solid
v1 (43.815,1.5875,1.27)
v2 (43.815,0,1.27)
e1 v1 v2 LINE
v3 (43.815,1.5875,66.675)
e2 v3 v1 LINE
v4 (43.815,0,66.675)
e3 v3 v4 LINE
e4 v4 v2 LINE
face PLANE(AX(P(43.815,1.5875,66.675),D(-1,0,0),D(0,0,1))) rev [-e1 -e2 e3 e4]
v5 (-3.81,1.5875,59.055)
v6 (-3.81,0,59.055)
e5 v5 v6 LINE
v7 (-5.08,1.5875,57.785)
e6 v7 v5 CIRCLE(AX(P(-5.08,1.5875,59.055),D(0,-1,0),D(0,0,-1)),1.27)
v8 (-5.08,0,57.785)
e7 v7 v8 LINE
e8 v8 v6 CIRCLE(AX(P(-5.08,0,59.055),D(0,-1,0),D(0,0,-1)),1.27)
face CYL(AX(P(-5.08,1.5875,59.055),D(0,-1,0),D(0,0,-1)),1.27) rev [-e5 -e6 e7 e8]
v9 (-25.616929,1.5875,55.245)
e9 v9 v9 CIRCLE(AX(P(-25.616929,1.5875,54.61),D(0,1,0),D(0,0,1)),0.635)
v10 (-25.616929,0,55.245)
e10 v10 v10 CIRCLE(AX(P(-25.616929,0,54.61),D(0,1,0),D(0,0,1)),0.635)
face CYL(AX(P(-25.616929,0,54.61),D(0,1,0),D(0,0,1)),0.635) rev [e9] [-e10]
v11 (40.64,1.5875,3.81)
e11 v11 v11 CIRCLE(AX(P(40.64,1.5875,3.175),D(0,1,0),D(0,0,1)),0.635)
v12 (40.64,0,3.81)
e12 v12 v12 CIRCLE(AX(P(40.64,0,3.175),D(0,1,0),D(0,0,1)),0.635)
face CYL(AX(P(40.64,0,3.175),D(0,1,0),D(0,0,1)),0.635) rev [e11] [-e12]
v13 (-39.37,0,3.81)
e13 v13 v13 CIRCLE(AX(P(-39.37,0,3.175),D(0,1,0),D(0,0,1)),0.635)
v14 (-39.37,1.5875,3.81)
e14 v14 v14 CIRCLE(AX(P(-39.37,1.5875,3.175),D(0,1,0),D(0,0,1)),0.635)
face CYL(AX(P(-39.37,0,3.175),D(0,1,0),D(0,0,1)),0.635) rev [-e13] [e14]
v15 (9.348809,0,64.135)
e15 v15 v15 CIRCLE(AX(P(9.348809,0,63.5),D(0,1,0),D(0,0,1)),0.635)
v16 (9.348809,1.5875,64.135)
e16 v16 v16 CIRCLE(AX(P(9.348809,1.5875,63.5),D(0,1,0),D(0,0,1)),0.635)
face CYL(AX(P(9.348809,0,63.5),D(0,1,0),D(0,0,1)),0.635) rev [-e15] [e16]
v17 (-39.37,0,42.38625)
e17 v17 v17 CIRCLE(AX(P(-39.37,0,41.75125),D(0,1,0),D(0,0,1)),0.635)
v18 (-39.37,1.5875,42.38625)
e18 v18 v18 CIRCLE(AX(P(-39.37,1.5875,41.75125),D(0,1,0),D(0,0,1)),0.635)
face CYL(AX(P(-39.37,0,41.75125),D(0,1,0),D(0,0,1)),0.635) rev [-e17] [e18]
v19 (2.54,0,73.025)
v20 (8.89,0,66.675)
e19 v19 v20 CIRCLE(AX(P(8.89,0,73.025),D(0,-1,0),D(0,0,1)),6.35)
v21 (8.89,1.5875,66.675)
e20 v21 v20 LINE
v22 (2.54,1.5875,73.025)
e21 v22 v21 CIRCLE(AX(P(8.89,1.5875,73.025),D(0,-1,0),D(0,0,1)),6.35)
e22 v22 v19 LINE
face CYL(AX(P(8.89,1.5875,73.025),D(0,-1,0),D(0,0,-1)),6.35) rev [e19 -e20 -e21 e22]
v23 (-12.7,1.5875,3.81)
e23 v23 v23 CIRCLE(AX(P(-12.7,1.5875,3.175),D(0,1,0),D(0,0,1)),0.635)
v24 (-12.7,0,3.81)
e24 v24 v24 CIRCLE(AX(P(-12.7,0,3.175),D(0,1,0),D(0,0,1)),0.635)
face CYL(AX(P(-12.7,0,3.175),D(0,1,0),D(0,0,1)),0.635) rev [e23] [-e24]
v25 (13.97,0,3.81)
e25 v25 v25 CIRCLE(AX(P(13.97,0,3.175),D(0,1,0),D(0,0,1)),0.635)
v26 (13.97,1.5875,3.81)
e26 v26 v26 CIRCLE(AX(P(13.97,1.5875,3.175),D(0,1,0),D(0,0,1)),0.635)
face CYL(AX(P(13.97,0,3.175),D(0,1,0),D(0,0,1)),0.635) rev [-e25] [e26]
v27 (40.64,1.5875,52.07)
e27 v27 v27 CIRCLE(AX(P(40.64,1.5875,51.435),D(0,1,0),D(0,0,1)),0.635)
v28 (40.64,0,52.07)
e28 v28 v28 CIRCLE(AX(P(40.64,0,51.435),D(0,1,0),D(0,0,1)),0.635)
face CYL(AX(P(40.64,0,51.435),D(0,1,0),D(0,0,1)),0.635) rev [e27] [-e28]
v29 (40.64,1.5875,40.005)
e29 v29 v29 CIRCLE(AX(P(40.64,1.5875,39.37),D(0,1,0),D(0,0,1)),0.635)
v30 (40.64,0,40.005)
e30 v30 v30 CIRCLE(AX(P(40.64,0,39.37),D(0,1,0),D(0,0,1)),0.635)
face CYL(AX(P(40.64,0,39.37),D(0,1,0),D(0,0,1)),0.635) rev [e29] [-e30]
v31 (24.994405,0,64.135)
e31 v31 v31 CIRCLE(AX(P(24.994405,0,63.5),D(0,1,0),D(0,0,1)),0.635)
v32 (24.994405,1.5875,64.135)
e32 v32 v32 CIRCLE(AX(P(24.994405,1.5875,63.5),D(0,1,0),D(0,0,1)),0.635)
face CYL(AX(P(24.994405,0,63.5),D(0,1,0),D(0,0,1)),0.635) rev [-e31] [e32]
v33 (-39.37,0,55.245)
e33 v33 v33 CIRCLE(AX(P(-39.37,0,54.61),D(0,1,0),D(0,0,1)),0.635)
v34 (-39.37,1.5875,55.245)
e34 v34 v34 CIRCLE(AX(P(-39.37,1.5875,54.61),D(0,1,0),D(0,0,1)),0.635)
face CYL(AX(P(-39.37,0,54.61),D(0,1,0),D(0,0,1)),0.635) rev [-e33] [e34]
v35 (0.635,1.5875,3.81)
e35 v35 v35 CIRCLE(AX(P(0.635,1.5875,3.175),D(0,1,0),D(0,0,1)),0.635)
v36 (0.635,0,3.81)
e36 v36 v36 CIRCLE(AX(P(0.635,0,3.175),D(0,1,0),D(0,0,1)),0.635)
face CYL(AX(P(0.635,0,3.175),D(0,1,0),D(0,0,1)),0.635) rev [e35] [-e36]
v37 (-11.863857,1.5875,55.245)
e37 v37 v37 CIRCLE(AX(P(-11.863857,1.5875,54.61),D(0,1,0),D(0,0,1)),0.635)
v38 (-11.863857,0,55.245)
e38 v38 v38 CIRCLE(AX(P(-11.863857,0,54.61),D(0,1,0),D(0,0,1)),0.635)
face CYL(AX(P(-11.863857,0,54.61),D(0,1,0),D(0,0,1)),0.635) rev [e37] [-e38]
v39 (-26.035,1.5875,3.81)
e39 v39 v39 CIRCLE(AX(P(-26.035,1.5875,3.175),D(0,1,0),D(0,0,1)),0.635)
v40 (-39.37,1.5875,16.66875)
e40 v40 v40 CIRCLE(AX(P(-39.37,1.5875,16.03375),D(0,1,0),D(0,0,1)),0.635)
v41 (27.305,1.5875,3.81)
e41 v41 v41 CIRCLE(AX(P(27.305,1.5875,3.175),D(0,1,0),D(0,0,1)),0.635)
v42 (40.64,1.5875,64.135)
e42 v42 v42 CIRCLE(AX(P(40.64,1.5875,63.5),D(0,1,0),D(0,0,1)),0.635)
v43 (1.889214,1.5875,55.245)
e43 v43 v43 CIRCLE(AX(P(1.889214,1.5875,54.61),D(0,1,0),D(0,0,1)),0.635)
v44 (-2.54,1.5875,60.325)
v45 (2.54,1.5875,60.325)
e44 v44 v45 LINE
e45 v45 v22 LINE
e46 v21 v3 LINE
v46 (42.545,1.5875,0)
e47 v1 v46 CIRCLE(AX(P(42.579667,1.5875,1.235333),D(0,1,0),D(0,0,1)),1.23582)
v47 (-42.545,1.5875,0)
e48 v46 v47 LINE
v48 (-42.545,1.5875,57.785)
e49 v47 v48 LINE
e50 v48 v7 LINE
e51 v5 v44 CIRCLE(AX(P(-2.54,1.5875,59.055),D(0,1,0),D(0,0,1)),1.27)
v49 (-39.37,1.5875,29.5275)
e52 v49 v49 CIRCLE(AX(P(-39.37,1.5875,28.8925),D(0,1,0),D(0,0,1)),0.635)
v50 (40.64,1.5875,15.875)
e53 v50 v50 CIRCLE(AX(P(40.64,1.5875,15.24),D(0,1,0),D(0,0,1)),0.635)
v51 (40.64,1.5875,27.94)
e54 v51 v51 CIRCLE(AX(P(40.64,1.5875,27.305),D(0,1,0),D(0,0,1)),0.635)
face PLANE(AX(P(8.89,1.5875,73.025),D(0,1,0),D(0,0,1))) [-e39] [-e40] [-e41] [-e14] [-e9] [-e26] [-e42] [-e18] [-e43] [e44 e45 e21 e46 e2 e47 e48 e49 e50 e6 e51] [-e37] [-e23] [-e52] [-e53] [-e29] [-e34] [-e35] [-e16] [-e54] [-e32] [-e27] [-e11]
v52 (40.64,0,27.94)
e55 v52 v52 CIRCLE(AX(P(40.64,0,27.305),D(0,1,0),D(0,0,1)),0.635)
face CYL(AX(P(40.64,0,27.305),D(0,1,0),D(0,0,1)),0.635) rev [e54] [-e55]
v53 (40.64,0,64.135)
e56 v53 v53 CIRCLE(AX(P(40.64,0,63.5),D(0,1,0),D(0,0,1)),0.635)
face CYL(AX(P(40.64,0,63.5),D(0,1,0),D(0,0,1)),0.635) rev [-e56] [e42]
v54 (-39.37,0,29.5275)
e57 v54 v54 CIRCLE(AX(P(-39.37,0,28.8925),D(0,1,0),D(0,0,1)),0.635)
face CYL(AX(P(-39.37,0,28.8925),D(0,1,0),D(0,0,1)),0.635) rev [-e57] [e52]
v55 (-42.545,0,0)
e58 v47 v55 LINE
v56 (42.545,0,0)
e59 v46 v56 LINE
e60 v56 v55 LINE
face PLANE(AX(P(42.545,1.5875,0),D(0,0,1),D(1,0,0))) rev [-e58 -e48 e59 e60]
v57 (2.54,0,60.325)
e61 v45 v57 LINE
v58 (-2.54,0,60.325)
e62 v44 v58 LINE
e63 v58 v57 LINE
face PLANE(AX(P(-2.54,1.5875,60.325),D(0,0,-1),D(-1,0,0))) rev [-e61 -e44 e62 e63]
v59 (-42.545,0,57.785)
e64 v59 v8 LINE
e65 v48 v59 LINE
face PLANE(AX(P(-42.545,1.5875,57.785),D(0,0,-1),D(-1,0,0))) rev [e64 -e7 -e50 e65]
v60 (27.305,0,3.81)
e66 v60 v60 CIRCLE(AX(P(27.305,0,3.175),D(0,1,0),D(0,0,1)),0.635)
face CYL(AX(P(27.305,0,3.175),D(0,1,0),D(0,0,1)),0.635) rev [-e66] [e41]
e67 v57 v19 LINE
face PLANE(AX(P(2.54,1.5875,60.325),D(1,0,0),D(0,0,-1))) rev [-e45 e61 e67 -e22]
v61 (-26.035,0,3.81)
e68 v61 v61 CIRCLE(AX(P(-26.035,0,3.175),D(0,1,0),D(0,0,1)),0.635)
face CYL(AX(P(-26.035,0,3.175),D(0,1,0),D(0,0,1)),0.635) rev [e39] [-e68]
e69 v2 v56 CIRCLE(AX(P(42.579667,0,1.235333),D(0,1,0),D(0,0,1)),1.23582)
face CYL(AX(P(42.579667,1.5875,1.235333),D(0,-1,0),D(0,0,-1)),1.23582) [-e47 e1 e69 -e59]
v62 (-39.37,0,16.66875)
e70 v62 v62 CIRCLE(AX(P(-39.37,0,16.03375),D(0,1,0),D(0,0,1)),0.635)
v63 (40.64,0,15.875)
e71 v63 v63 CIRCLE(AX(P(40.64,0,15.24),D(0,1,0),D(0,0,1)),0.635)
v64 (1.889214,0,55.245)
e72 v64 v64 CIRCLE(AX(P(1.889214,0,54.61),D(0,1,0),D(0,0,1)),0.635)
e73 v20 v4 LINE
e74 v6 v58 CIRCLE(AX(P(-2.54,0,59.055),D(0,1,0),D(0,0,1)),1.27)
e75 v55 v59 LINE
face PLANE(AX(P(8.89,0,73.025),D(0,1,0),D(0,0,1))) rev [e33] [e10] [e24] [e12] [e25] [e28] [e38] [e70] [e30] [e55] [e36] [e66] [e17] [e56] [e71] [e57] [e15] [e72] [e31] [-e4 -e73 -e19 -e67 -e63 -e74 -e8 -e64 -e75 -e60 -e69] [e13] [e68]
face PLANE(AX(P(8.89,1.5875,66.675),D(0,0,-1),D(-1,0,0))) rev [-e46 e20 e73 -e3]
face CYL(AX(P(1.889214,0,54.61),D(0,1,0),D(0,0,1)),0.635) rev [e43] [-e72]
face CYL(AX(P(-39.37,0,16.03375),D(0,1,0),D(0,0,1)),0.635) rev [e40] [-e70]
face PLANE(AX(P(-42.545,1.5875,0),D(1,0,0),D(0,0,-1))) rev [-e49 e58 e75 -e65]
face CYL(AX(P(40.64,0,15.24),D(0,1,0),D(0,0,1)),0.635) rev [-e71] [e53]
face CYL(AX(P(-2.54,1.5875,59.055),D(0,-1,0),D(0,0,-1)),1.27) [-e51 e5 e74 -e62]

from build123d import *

# Parameters (mm, degrees)
BOSS_EXTRUDE1_DEPTH     = 1.5875
SKETCH2_R               = 0.635
CUT_EXTRUDE1_DEPTH      = 1
CUT_EXTRUDE1_DEPTH_BACK = 2.5875


with BuildPart() as part:
    # Sketch1 → Boss-Extrude1 (new body)
    with BuildSketch(Plane(origin=(0, 0, 0), x_dir=(1, 0, 0), z_dir=(0, 1, 0))):
        with BuildLine():
            Line((8.89, -66.675), (43.815, -66.675))
            Line((43.815, -66.675), (43.815, -1.27))
            ThreePointArc((43.815, -1.27), (43.453523156, -0.361476844), (42.545, 0))
            Line((42.545, 0), (-42.545, 0))
            Line((-42.545, 0), (-42.545, -57.785))
            Line((-42.545, -57.785), (-5.08, -57.785))
            ThreePointArc((-5.08, -57.785), (-4.181974388, -58.156974388), (-3.81, -59.055))
            ThreePointArc((-3.81, -59.055), (-3.438025612, -59.953025612), (-2.54, -60.325))
            Line((-2.54, -60.325), (2.54, -60.325))
            Line((2.54, -60.325), (2.54, -73.025))
            ThreePointArc((2.54, -73.025), (4.399871939, -68.534871939), (8.89, -66.675))
        make_face()
    extrude(amount=BOSS_EXTRUDE1_DEPTH)

    # Sketch2 → Cut-Extrude1 (cut, two sides)
    with BuildSketch(Plane(origin=(0, 1.5875, 0), x_dir=(-1, 0, 0), z_dir=(0, 1, 0))) as cut_extrude1_sk:
        with Locations((39.37, 3.175)):
            Circle(SKETCH2_R)
        with Locations((26.035, 3.175)):
            Circle(SKETCH2_R)
        with Locations((12.7, 3.175)):
            Circle(SKETCH2_R)
        with Locations((-0.635, 3.175)):
            Circle(SKETCH2_R)
        with Locations((-13.97, 3.175)):
            Circle(SKETCH2_R)
        with Locations((-27.305, 3.175)):
            Circle(SKETCH2_R)
        with Locations((-40.64, 3.175)):
            Circle(SKETCH2_R)
        with Locations((39.37, 16.03375)):
            Circle(SKETCH2_R)
        with Locations((39.37, 28.8925)):
            Circle(SKETCH2_R)
        with Locations((39.37, 41.75125)):
            Circle(SKETCH2_R)
        with Locations((-40.64, 15.24)):
            Circle(SKETCH2_R)
        with Locations((-40.64, 27.305)):
            Circle(SKETCH2_R)
        with Locations((-40.64, 39.37)):
            Circle(SKETCH2_R)
        with Locations((-40.64, 51.435)):
            Circle(SKETCH2_R)
        with Locations((-40.64, 63.5)):
            Circle(SKETCH2_R)
        with Locations((-24.994404736, 63.5)):
            Circle(SKETCH2_R)
        with Locations((-9.348809473, 63.5)):
            Circle(SKETCH2_R)
        with Locations((-1.889213751, 54.61)):
            Circle(SKETCH2_R)
        with Locations((11.863857499, 54.61)):
            Circle(SKETCH2_R)
        with Locations((25.61692875, 54.61)):
            Circle(SKETCH2_R)
        with Locations((39.37, 54.61)):
            Circle(SKETCH2_R)
    extrude(amount=CUT_EXTRUDE1_DEPTH, mode=Mode.SUBTRACT)
    extrude(cut_extrude1_sk.sketch, amount=-CUT_EXTRUDE1_DEPTH_BACK, mode=Mode.SUBTRACT)


solid = part.part
